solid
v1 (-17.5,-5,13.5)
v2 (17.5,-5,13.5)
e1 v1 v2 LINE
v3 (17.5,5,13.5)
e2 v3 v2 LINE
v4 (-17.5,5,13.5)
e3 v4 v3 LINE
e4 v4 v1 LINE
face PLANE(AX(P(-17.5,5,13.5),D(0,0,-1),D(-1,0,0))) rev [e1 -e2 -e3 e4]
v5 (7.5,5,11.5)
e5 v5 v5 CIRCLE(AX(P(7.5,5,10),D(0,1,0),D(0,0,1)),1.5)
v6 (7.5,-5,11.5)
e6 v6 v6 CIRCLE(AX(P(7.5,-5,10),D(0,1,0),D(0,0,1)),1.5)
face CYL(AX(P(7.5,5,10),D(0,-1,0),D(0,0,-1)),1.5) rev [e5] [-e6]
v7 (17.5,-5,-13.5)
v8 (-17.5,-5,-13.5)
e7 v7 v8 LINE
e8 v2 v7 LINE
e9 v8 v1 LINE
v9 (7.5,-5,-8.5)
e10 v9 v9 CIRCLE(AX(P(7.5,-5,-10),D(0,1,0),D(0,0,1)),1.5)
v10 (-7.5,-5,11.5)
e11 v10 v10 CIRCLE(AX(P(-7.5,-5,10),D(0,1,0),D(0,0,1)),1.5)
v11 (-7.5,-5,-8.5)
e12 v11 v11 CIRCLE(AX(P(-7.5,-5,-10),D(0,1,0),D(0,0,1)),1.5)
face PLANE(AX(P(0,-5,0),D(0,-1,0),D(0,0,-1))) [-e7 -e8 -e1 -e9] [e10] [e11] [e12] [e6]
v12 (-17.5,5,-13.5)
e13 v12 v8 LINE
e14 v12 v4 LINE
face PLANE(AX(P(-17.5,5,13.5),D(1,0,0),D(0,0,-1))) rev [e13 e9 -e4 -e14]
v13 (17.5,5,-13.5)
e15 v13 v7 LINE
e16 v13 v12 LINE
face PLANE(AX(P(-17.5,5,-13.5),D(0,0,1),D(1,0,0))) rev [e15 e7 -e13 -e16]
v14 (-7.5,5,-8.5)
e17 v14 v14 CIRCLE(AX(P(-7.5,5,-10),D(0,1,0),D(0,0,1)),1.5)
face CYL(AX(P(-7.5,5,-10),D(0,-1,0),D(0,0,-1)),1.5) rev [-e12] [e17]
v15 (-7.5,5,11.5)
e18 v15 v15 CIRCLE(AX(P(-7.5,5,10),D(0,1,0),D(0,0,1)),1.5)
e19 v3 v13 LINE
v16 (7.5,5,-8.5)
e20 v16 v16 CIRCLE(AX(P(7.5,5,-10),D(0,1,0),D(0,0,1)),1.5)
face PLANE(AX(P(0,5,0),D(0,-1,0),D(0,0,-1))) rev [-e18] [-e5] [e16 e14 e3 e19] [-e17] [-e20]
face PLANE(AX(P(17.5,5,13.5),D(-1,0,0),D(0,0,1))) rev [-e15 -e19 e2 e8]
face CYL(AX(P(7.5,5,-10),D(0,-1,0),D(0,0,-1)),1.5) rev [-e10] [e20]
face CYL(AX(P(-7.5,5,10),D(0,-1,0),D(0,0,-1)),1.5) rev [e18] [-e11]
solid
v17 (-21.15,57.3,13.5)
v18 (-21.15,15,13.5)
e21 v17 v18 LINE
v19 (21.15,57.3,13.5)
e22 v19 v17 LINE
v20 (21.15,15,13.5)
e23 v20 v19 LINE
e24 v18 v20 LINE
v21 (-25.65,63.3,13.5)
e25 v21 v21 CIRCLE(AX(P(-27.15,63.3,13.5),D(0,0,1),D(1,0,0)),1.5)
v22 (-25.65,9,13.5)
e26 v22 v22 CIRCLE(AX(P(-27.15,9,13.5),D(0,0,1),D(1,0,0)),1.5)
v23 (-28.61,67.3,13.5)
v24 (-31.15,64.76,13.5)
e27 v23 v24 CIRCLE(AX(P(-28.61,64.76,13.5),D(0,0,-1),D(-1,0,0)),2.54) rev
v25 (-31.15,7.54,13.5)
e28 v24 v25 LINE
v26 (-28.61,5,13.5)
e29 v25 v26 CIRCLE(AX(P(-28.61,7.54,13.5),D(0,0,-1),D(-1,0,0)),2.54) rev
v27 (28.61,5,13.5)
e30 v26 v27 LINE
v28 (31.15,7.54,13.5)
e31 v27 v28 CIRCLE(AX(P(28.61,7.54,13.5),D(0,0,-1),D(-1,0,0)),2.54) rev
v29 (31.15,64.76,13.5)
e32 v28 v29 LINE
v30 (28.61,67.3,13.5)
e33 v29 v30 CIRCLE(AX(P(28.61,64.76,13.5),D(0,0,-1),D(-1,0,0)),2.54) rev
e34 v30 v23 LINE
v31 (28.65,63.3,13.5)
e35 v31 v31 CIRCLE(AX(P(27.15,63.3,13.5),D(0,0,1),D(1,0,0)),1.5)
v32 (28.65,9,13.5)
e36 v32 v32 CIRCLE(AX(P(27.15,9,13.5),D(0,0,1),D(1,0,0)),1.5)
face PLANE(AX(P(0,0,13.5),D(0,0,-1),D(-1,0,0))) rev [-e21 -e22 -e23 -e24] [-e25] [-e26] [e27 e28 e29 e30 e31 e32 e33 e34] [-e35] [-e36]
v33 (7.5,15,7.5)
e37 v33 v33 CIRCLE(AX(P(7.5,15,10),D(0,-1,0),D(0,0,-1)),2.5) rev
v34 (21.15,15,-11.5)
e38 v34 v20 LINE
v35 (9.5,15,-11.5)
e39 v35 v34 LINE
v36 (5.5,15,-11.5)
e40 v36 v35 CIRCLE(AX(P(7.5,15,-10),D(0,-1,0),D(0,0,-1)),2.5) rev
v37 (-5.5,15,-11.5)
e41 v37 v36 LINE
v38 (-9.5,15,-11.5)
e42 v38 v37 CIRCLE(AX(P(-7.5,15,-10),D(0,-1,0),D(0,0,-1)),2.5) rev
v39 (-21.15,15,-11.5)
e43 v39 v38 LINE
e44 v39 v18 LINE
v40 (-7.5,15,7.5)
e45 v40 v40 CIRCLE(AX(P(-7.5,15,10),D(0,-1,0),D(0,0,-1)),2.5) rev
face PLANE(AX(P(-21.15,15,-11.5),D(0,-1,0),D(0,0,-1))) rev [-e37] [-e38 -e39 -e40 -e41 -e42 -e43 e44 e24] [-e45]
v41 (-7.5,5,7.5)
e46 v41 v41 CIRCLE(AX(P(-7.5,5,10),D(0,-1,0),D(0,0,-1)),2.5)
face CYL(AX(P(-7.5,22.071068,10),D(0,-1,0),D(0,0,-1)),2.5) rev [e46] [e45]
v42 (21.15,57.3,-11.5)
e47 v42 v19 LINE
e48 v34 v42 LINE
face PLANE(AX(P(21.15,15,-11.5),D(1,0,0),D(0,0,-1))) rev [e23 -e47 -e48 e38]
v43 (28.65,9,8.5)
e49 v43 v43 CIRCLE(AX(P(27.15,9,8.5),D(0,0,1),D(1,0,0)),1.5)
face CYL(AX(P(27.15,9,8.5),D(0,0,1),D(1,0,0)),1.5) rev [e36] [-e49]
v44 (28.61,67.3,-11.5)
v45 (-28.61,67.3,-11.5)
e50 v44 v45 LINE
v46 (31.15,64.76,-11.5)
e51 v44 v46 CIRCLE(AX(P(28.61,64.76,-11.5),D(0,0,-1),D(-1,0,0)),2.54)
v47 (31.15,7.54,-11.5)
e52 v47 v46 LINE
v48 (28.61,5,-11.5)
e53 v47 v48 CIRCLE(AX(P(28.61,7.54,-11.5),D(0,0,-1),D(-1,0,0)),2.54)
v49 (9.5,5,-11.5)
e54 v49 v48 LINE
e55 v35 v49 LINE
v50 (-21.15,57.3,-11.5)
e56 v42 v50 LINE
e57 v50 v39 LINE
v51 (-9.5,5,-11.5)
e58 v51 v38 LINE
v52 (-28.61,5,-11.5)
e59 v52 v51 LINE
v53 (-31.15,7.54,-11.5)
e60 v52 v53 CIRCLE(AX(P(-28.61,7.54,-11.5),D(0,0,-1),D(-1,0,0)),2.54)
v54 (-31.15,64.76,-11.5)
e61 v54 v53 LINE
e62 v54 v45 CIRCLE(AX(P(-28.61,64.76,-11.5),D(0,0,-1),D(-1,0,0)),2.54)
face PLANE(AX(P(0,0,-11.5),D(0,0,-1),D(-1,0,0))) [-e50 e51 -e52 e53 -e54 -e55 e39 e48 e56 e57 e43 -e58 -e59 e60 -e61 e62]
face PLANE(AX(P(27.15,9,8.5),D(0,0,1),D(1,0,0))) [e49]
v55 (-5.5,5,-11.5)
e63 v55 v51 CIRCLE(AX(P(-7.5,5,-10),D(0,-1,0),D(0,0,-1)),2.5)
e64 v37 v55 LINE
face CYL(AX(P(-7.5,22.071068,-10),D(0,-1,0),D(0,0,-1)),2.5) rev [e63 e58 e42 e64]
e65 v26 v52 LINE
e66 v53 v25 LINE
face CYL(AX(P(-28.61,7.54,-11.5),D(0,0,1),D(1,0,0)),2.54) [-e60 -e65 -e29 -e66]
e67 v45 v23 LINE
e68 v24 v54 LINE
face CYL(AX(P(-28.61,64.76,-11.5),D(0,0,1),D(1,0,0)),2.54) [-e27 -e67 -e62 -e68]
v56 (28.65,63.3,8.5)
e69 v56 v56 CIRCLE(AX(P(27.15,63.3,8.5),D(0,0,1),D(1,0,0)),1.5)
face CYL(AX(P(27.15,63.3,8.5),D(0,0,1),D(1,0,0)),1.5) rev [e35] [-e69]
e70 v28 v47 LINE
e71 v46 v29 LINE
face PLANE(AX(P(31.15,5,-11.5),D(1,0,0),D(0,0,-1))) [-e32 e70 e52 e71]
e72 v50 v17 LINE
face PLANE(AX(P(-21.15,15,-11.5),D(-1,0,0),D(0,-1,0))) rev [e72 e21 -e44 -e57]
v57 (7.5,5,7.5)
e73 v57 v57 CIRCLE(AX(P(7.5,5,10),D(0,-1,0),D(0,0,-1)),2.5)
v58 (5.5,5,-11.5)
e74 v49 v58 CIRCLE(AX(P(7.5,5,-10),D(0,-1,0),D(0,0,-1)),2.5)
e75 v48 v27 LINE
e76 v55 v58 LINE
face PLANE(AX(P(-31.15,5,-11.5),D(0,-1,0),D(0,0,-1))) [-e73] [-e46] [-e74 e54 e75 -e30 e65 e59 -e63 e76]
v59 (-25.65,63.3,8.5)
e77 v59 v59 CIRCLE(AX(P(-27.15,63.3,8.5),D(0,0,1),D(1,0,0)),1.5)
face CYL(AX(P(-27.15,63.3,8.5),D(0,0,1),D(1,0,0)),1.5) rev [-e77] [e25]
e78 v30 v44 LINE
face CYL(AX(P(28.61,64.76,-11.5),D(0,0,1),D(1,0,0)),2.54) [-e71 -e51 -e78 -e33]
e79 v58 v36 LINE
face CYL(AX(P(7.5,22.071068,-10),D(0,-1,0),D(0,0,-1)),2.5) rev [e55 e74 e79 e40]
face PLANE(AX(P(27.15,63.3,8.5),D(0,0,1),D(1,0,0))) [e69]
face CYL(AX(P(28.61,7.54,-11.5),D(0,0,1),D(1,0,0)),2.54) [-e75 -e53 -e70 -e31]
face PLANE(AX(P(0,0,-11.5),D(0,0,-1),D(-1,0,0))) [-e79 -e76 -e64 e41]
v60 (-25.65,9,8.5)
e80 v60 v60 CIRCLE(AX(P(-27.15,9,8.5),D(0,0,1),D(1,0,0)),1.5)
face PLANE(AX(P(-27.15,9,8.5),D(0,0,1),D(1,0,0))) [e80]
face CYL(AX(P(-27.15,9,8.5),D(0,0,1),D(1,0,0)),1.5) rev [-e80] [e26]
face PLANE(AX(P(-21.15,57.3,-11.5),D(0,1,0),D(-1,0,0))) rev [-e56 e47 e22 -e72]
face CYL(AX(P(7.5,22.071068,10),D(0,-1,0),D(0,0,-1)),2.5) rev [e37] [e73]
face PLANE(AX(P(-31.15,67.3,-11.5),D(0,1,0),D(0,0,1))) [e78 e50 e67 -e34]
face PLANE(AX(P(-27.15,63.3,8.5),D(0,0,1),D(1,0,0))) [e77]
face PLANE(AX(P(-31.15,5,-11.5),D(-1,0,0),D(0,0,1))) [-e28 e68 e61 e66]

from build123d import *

# Parameters (mm, degrees)
SKETCH1_W           = 35
SKETCH1_H           = 27
SKETCH1_R           = 1.500000048
BOSS_EXTRUDE1_DEPTH = 5
SKETCH2_W           = 62.3
SKETCH2_H           = 62.3
SKETCH2_W_2         = 42.3
SKETCH2_H_2         = 42.3
BOSS_EXTRUDE2_DEPTH = 25
SKETCH3_R           = 2.5
CUT_EXTRUDE2_DEPTH  = 10
SKETCH4_R           = 1.5
CUT_EXTRUDE3_DEPTH  = 5
FILLET1_R           = 2.54


with BuildPart() as part:
    # Sketch1 → Boss-Extrude1 (new, symmetric)
    with BuildSketch(Plane(origin=(0, 0, 0), x_dir=(1, 0, 0), z_dir=(0, 1, 0))):
        Rectangle(SKETCH1_W, SKETCH1_H)
        with Locations(Location((-7.499999986, 9.999999939, 0), (0, 0, 270))):
            Circle(SKETCH1_R, mode=Mode.SUBTRACT)
        with Locations(Location((7.499999986, 9.999999939, 0), (0, 0, 270))):
            Circle(SKETCH1_R, mode=Mode.SUBTRACT)
        with Locations(Location((7.499999986, -9.999999939, 0), (0, 0, 270))):
            Circle(SKETCH1_R, mode=Mode.SUBTRACT)
        with Locations(Location((-7.499999986, -9.999999939, 0), (0, 0, 270))):
            Circle(SKETCH1_R, mode=Mode.SUBTRACT)
    extrude(amount=BOSS_EXTRUDE1_DEPTH, both=True)


with BuildPart() as body_2:
    # Sketch2 → Boss-Extrude2 (new body)
    with BuildSketch(Plane.XY.offset(13.5)):
        with Locations((0, 36.15)):
            Rectangle(SKETCH2_W, SKETCH2_H)
        with Locations((0, 36.15)):
            Rectangle(SKETCH2_W_2, SKETCH2_H_2, mode=Mode.SUBTRACT)
    extrude(amount=-BOSS_EXTRUDE2_DEPTH)

    # Sketch3 → Cut-Extrude2 (cut)
    with BuildSketch(Plane.XZ.offset(-5)):
        with Locations(Location((-7.499999986, 9.999999939, 0), (0, 0, 270))):
            Circle(SKETCH3_R)
        with Locations(Location((7.499999986, 9.999999939, 0), (0, 0, 270))):
            Circle(SKETCH3_R)
        with Locations((7.499999986, -9.999999939)):
            Circle(SKETCH3_R)
        with Locations((-7.499999986, -9.999999939)):
            Circle(SKETCH3_R)
    extrude(amount=-CUT_EXTRUDE2_DEPTH, mode=Mode.SUBTRACT)

    # Sketch4 → Cut-Extrude3 (cut)
    with BuildSketch(Plane.XY.offset(13.5)):
        with Locations((-27.15, 63.3)):
            Circle(SKETCH4_R)
        with Locations((27.15, 63.3)):
            Circle(SKETCH4_R)
        with Locations((27.15, 9)):
            Circle(SKETCH4_R)
        with Locations((-27.15, 9)):
            Circle(SKETCH4_R)
    extrude(amount=-CUT_EXTRUDE3_DEPTH, mode=Mode.SUBTRACT)

    # Fillet1
    fillet1_edges = [body_2.edges().sort_by_distance(p)[0] for p in [
        (31.15, 5, 1),
        (-31.15, 5, 1),
        (-31.15, 67.3, 1),
        (31.15, 67.3, 1),
    ]]
    fillet(fillet1_edges, radius=FILLET1_R)


solid = Compound([part.part, body_2.part])
